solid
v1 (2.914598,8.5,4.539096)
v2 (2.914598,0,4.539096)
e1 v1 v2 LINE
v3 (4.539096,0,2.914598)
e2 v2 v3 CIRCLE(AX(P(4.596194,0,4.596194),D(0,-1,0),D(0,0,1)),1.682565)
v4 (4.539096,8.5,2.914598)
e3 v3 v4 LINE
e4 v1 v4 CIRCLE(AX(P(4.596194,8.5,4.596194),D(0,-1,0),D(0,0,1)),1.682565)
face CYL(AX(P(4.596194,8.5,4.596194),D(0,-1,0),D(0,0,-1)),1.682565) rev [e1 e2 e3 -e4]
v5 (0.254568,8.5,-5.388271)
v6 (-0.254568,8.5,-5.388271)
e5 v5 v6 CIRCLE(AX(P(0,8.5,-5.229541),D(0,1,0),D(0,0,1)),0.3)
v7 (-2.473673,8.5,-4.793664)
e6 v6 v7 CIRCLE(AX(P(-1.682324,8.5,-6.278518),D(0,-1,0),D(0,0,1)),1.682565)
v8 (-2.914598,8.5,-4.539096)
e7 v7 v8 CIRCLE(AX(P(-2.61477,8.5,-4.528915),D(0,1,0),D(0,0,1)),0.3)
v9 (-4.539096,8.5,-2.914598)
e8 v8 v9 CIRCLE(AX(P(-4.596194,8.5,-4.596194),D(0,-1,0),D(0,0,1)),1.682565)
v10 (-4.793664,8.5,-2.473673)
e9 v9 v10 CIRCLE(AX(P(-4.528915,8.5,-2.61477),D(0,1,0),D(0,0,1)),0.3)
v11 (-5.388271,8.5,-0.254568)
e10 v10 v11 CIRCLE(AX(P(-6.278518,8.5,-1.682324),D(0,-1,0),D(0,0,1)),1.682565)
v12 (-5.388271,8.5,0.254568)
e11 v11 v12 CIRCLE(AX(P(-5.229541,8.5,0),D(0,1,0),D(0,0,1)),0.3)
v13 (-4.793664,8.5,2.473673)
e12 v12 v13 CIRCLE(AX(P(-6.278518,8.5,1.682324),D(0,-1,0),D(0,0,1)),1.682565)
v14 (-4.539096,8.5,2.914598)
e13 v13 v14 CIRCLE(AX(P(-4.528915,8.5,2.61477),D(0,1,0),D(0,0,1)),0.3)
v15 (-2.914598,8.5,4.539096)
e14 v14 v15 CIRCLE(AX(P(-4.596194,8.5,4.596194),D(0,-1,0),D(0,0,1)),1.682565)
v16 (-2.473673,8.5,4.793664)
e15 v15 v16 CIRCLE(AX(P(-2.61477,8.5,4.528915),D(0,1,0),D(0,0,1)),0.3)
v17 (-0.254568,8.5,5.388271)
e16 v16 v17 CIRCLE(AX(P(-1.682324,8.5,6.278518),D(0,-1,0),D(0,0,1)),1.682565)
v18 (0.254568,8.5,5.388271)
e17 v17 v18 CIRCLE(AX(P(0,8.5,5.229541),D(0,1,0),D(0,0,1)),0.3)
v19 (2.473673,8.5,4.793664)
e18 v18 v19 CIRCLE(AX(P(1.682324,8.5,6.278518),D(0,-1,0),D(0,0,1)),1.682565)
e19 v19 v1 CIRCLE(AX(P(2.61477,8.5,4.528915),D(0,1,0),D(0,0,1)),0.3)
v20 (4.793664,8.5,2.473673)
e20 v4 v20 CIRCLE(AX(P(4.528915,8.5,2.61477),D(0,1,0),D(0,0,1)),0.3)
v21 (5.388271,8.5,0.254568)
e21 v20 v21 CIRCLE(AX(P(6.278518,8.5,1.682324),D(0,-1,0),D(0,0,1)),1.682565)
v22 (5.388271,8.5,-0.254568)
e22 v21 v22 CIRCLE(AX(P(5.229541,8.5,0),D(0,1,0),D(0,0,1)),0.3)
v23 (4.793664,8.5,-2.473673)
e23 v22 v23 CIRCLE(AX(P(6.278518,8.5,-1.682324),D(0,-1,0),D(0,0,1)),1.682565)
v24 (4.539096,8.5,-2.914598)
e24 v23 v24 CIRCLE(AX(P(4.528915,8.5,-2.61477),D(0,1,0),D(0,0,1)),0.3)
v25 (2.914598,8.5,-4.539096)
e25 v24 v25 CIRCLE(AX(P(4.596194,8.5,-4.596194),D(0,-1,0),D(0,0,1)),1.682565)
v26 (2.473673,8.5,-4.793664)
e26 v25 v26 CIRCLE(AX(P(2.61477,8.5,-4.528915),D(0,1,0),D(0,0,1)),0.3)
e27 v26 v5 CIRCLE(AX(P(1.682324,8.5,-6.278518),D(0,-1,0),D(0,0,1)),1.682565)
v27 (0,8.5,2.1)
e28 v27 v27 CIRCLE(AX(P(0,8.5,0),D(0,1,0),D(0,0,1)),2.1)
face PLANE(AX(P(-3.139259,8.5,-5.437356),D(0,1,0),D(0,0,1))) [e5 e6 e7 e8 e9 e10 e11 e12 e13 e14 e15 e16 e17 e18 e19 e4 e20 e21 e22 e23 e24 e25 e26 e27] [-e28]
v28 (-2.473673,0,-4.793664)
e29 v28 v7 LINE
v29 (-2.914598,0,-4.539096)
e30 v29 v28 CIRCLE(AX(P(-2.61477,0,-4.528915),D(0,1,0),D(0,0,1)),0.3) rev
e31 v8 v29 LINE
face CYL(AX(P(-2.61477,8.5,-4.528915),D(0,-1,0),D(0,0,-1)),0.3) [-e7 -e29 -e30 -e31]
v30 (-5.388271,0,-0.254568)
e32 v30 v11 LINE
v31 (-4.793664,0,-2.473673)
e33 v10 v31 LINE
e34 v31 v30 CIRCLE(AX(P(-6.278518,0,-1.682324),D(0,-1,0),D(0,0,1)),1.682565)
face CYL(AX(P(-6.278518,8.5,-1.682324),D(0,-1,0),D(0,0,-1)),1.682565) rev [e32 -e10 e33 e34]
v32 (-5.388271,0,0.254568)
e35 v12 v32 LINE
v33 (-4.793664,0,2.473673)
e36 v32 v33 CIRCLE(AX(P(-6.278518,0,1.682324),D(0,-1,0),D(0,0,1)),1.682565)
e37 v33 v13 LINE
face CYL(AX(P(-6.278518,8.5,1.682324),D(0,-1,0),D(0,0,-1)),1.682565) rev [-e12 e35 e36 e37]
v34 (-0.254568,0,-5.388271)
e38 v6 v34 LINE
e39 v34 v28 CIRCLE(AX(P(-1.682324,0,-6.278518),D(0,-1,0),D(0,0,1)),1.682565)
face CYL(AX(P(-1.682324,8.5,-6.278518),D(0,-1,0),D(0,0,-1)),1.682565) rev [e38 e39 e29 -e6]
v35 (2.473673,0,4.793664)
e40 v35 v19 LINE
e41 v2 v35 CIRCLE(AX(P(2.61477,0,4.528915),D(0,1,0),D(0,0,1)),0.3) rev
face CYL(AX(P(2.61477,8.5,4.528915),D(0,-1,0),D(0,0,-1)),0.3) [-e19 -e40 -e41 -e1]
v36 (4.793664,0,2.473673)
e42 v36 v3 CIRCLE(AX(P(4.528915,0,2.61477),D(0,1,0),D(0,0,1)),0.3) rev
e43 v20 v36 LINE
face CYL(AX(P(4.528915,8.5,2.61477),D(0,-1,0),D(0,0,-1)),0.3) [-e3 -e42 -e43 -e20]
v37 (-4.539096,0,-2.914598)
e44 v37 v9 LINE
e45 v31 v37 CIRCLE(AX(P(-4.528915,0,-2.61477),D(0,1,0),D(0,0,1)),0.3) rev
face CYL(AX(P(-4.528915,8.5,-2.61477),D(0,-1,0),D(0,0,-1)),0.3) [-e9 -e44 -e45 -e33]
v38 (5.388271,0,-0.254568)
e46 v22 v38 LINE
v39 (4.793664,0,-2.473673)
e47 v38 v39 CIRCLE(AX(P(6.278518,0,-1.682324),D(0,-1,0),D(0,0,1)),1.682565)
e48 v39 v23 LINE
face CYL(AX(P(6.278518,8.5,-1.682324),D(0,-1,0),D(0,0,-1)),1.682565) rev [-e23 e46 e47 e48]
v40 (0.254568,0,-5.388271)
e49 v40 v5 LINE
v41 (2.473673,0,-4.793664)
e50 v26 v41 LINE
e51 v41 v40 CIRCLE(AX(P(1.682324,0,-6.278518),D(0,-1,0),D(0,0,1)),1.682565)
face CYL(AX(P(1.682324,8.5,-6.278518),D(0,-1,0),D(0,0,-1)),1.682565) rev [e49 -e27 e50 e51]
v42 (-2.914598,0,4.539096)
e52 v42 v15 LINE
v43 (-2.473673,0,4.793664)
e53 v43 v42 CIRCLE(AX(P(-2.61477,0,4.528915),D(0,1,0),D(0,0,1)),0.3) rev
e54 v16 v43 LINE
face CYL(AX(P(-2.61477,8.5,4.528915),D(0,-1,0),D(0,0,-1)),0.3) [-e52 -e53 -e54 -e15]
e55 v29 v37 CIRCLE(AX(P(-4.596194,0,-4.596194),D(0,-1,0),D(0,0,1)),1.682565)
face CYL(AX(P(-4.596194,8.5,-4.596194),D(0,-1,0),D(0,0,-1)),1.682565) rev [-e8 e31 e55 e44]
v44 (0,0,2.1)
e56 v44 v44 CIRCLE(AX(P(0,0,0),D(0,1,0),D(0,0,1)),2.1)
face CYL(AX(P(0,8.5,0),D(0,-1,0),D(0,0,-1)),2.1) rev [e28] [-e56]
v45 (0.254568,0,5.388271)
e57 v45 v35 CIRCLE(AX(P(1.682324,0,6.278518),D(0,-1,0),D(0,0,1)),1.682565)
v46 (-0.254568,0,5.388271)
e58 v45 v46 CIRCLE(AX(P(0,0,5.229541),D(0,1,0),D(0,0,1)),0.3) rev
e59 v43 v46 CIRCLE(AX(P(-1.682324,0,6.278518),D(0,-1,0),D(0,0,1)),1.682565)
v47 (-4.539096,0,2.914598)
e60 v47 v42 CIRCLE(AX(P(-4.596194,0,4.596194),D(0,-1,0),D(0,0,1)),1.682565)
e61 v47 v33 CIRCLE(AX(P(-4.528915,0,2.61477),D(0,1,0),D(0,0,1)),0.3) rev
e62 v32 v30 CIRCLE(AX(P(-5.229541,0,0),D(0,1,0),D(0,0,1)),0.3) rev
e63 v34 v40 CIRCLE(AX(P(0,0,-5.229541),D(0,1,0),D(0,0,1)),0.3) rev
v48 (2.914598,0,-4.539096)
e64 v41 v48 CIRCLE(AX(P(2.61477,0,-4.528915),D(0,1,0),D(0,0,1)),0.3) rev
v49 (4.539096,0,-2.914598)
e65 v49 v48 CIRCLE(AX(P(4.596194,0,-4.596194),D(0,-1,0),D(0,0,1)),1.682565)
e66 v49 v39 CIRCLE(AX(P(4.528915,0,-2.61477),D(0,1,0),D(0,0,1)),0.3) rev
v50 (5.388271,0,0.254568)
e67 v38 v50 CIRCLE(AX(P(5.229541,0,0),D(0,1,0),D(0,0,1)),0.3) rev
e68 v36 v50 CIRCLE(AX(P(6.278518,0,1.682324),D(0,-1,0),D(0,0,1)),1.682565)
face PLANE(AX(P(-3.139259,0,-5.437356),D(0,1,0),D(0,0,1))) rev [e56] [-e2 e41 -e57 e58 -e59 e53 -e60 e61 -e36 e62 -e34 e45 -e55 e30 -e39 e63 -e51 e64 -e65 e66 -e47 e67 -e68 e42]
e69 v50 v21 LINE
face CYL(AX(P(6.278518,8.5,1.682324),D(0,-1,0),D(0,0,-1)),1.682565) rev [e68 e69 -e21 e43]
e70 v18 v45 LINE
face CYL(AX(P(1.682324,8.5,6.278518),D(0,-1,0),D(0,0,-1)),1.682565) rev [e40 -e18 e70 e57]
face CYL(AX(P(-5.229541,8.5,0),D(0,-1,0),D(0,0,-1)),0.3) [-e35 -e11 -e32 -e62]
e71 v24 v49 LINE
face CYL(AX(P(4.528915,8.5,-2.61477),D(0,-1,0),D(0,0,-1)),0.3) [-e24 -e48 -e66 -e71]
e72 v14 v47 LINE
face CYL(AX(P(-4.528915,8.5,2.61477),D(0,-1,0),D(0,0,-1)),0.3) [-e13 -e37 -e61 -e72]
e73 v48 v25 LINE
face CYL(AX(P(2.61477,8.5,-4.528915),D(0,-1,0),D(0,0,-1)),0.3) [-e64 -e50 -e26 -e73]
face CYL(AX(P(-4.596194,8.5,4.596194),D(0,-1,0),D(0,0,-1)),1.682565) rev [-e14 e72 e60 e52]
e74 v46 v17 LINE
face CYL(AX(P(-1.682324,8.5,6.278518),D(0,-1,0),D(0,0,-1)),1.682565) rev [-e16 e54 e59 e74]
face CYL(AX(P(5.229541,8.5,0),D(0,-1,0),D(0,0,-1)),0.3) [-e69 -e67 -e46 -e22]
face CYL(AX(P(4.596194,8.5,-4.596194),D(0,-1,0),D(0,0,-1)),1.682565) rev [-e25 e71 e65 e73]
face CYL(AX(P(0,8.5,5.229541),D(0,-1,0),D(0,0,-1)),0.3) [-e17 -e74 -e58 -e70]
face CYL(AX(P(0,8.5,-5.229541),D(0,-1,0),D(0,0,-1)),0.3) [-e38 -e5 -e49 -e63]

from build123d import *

# Parameters (mm, degrees)
SKETCH_1_R      = 2.1
EXTRUDE_1_DEPTH = 8.5
FILLET_1_R      = 0.3


with BuildPart() as part:
    # 草图1 → 凸台-拉伸1 (new body)
    with BuildSketch(Plane(origin=(0, 0, 0), x_dir=(1, 0, 0), z_dir=(0, 1, 0))):
        with BuildLine():
            ThreePointArc((-3.125, 5.412658774), (-1.246843801, 4.653284414), (0, 6.25))
            ThreePointArc((0, 6.25), (1.246843801, 4.653284414), (3.125, 5.412658774))
            ThreePointArc((3.125, 5.412658774), (3.406440613, 3.406440613), (5.412658774, 3.125))
            ThreePointArc((5.412658774, 3.125), (4.653284414, 1.246843801), (6.25, 0))
            ThreePointArc((6.25, 0), (4.653284414, -1.246843801), (5.412658774, -3.125))
            ThreePointArc((5.412658774, -3.125), (3.406440613, -3.406440613), (3.125, -5.412658774))
            ThreePointArc((3.125, -5.412658774), (1.246843801, -4.653284414), (0, -6.25))
            ThreePointArc((0, -6.25), (-1.246843801, -4.653284414), (-3.125, -5.412658774))
            ThreePointArc((-3.125, -5.412658774), (-3.406440613, -3.406440613), (-5.412658774, -3.125))
            ThreePointArc((-5.412658774, -3.125), (-4.653284414, -1.246843801), (-6.25, 0))
            ThreePointArc((-6.25, 0), (-4.653284414, 1.246843801), (-5.412658774, 3.125))
            ThreePointArc((-5.412658774, 3.125), (-3.406440613, 3.406440613), (-3.125, 5.412658774))
        make_face()
        Circle(SKETCH_1_R, mode=Mode.SUBTRACT)
    extrude(amount=EXTRUDE_1_DEPTH)

    # 圆角1
    fillet_1_edges = [part.edges().sort_by_distance(p)[0] for p in [
        (-3.125, 4.25, -5.412658774),
        (0, 4.25, -6.25),
        (3.125, 4.25, -5.412658774),
        (5.412658774, 4.25, -3.125),
        (6.25, 4.25, 0),
        (5.412658774, 4.25, 3.125),
        (3.125, 4.25, 5.412658774),
        (0, 4.25, 6.25),
        (-3.125, 4.25, 5.412658774),
        (-5.412658774, 4.25, 3.125),
        (-6.25, 4.25, 0),
        (-5.412658774, 4.25, -3.125),
    ]]
    fillet(fillet_1_edges, radius=FILLET_1_R)


solid = part.part
